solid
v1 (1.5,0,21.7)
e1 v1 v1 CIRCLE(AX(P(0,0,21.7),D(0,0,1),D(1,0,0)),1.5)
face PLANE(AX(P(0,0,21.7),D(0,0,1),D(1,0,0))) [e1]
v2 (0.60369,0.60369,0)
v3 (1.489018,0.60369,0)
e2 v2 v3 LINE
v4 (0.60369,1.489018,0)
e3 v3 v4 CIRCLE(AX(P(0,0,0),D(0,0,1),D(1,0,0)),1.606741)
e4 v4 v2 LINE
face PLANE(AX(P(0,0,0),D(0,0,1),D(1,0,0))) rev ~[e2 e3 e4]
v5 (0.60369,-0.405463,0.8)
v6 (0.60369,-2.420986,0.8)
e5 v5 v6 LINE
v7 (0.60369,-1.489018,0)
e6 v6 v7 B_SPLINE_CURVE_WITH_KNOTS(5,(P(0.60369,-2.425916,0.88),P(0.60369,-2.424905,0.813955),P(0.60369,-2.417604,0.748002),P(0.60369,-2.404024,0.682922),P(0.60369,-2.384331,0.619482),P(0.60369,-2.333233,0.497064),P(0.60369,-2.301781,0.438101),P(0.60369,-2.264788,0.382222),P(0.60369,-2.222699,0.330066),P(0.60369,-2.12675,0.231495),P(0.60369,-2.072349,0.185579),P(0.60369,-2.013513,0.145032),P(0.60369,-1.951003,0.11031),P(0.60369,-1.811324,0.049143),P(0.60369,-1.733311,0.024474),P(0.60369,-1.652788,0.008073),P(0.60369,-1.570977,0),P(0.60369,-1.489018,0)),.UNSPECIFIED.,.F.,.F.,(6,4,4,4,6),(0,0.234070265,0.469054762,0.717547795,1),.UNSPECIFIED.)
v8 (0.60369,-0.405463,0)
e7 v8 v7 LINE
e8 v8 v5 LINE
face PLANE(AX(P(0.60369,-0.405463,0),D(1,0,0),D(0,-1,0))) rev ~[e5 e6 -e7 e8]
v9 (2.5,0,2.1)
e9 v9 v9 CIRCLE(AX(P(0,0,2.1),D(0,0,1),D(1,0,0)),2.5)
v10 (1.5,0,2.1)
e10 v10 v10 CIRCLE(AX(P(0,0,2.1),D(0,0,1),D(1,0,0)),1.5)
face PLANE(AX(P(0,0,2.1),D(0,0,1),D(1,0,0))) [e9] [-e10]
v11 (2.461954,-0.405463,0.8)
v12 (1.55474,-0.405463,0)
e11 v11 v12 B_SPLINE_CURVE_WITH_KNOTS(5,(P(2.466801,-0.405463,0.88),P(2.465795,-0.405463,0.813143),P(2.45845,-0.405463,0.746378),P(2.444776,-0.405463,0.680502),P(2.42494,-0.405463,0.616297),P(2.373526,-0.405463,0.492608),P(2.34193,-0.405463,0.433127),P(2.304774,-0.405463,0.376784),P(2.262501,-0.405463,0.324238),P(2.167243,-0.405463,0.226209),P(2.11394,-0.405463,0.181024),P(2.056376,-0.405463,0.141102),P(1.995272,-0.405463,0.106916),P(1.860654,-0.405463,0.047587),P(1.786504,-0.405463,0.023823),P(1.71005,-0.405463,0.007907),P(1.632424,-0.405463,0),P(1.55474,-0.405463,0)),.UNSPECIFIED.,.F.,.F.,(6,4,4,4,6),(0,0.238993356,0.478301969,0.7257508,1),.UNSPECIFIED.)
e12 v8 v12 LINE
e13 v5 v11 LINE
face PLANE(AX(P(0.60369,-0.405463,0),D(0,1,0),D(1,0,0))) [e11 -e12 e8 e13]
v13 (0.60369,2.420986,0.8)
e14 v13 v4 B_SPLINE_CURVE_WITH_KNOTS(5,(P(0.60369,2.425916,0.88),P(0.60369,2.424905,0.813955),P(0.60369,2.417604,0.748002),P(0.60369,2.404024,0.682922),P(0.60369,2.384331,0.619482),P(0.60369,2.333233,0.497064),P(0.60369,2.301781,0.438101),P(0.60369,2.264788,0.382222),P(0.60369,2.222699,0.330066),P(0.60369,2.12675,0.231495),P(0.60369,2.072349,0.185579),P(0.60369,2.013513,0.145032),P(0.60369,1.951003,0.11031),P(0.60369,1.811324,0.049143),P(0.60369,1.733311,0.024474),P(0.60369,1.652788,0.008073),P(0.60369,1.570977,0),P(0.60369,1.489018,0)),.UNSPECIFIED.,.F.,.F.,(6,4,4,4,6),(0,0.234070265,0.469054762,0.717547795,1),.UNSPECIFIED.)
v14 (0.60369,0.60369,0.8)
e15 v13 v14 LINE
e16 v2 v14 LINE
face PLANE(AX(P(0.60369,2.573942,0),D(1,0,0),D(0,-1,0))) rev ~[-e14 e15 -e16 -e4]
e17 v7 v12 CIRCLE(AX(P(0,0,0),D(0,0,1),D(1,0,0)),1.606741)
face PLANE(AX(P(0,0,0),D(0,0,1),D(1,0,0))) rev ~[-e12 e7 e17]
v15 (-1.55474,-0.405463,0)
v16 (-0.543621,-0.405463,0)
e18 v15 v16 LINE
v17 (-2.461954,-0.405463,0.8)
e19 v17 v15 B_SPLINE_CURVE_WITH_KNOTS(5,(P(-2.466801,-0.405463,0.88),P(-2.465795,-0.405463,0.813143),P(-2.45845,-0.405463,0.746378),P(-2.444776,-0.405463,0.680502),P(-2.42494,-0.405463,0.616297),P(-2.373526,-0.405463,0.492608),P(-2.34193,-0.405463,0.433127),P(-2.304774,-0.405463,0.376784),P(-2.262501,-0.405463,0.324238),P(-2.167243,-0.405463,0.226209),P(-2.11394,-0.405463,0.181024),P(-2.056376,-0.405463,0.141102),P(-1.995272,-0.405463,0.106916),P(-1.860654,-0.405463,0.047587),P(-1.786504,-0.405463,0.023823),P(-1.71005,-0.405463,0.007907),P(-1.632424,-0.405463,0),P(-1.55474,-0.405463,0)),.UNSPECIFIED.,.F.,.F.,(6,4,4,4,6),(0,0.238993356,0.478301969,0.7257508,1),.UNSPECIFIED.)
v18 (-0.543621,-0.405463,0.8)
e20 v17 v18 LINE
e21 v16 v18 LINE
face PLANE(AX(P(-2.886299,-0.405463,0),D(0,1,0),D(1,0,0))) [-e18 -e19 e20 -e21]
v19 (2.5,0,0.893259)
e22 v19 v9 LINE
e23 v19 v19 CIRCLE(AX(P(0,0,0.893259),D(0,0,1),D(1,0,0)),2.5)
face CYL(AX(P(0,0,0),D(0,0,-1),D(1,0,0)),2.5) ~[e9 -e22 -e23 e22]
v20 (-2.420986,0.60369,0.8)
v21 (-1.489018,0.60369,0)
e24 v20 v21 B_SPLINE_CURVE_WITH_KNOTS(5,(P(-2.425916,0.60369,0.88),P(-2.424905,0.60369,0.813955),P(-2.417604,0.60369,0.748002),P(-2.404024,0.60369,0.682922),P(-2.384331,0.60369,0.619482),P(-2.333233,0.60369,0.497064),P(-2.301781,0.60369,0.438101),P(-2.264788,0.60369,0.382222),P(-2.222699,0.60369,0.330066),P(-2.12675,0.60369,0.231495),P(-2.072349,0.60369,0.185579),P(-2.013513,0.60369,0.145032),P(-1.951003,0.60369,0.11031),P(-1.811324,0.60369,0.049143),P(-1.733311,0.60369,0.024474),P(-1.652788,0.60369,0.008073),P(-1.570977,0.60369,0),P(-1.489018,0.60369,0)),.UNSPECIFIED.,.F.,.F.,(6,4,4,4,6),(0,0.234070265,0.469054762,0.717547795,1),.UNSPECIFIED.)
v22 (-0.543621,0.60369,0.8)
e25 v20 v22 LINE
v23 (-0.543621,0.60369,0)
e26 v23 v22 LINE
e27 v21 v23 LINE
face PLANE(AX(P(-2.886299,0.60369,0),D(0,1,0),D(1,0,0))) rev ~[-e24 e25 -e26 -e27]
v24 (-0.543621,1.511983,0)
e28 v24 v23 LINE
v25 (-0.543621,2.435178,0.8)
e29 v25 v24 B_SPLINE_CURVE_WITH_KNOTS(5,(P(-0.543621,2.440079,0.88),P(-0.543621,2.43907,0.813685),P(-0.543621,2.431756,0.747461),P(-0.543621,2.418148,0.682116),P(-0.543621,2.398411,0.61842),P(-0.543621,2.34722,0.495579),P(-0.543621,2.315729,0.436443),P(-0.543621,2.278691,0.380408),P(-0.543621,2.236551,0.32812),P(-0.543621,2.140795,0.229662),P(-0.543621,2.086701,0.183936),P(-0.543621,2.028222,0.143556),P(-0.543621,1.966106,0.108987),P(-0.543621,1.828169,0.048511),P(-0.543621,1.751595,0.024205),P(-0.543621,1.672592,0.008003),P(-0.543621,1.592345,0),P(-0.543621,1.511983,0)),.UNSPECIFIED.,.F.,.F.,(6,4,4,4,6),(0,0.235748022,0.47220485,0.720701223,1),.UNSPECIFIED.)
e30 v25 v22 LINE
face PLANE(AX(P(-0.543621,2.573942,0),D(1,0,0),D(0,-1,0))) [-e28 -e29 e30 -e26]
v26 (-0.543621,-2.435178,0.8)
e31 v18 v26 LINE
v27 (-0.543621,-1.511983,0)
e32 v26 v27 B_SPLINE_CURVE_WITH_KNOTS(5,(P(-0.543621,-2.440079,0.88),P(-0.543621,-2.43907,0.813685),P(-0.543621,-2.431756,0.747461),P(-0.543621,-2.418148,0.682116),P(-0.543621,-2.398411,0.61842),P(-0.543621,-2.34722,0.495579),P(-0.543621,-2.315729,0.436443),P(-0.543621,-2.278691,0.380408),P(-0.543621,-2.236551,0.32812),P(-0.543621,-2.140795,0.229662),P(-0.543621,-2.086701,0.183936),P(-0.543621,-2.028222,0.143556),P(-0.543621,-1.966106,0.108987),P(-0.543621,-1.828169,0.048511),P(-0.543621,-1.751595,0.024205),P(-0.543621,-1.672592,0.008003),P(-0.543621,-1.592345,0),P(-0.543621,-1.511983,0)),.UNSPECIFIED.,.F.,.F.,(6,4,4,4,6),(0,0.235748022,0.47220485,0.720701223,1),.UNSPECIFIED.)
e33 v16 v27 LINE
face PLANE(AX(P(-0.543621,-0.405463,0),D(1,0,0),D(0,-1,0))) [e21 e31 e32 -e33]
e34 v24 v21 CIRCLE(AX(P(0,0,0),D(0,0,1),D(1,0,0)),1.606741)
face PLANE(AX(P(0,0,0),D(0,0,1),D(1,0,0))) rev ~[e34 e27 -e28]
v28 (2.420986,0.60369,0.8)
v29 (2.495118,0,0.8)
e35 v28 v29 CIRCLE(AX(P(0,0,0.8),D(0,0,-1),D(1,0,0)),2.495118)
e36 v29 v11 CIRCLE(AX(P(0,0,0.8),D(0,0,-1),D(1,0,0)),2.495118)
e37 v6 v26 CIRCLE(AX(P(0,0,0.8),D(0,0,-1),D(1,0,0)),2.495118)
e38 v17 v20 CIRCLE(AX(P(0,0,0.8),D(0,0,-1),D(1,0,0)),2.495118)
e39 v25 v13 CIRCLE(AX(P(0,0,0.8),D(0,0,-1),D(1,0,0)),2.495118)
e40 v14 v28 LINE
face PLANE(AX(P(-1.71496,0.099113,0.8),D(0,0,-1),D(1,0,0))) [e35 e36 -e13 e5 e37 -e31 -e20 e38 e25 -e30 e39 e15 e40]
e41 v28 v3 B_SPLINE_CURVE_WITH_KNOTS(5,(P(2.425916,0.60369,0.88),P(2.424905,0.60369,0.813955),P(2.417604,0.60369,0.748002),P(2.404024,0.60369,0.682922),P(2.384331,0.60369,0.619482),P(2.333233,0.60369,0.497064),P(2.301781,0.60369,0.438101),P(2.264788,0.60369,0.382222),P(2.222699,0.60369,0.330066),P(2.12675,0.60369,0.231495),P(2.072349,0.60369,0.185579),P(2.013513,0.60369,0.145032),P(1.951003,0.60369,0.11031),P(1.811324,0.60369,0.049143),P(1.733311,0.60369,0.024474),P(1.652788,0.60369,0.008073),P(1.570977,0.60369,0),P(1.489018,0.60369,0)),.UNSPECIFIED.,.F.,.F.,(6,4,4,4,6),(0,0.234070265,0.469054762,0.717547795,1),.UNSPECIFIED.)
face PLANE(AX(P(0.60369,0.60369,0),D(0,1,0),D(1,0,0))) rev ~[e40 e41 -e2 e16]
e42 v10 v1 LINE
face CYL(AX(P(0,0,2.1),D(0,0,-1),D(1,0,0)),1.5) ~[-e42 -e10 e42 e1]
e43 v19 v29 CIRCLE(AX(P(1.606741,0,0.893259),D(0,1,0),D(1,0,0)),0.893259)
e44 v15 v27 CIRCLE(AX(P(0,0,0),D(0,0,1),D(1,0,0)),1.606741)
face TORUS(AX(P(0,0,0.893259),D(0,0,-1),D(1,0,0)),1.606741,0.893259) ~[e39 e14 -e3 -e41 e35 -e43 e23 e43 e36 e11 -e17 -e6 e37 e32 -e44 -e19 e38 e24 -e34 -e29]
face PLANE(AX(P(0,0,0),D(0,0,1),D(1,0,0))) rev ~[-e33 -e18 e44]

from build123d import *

# Parameters (mm, degrees)
F0_R     = 2.5
F1_DEPTH = 2.1
F2_R     = 1.5
F3_DEPTH = 19.6
F4_R     = 0.8932590181
F5_W     = 2.3426773259
F5_H     = 1.0091533186
F5_W_2   = 1.1473111808
F5_H_2   = 2.1985126659
F5_W_3   = 2.6310068788
F5_H_3   = 1.9702516729
F6_DEPTH = 0.8


with BuildPart() as f1:
    # F0 (on Top) → F1 (new body)
    with BuildSketch(Plane.XY):
        Circle(F0_R)
    extrude(amount=F1_DEPTH)

    # F2 (on face) → F3 (join)
    with BuildSketch(Plane.XY.offset(2.1)):
        Circle(F2_R)
    extrude(amount=F3_DEPTH)

    # F4
    f4_edges = [f1.edges().sort_by_distance(p)[0] for p in [
        (-2.5, 0, 0),
    ]]
    fillet(f4_edges, radius=F4_R)

    # F5 (on face) → F6 (cut)
    with BuildSketch(Plane(origin=(0, 0, 0), x_dir=(1, 0, 0), z_dir=(0, 0, -1))):
        with Locations((-1.7149599153, -0.0991132692)):
            Rectangle(F5_W, F5_H)
        with Locations((0.0300343381, 1.504719723)):
            Rectangle(F5_W_2, F5_H_2)
        with Locations((0.0300343381, -0.0991132692)):
            Rectangle(F5_W_2, F5_H)
        with Locations((1.9191933679, -0.0991132692)):
            Rectangle(F5_W_3, F5_H)
        with Locations((0.0300343381, -1.588815765)):
            Rectangle(F5_W_2, F5_H_3)
    extrude(amount=-F6_DEPTH, mode=Mode.SUBTRACT)


solid = f1.part
